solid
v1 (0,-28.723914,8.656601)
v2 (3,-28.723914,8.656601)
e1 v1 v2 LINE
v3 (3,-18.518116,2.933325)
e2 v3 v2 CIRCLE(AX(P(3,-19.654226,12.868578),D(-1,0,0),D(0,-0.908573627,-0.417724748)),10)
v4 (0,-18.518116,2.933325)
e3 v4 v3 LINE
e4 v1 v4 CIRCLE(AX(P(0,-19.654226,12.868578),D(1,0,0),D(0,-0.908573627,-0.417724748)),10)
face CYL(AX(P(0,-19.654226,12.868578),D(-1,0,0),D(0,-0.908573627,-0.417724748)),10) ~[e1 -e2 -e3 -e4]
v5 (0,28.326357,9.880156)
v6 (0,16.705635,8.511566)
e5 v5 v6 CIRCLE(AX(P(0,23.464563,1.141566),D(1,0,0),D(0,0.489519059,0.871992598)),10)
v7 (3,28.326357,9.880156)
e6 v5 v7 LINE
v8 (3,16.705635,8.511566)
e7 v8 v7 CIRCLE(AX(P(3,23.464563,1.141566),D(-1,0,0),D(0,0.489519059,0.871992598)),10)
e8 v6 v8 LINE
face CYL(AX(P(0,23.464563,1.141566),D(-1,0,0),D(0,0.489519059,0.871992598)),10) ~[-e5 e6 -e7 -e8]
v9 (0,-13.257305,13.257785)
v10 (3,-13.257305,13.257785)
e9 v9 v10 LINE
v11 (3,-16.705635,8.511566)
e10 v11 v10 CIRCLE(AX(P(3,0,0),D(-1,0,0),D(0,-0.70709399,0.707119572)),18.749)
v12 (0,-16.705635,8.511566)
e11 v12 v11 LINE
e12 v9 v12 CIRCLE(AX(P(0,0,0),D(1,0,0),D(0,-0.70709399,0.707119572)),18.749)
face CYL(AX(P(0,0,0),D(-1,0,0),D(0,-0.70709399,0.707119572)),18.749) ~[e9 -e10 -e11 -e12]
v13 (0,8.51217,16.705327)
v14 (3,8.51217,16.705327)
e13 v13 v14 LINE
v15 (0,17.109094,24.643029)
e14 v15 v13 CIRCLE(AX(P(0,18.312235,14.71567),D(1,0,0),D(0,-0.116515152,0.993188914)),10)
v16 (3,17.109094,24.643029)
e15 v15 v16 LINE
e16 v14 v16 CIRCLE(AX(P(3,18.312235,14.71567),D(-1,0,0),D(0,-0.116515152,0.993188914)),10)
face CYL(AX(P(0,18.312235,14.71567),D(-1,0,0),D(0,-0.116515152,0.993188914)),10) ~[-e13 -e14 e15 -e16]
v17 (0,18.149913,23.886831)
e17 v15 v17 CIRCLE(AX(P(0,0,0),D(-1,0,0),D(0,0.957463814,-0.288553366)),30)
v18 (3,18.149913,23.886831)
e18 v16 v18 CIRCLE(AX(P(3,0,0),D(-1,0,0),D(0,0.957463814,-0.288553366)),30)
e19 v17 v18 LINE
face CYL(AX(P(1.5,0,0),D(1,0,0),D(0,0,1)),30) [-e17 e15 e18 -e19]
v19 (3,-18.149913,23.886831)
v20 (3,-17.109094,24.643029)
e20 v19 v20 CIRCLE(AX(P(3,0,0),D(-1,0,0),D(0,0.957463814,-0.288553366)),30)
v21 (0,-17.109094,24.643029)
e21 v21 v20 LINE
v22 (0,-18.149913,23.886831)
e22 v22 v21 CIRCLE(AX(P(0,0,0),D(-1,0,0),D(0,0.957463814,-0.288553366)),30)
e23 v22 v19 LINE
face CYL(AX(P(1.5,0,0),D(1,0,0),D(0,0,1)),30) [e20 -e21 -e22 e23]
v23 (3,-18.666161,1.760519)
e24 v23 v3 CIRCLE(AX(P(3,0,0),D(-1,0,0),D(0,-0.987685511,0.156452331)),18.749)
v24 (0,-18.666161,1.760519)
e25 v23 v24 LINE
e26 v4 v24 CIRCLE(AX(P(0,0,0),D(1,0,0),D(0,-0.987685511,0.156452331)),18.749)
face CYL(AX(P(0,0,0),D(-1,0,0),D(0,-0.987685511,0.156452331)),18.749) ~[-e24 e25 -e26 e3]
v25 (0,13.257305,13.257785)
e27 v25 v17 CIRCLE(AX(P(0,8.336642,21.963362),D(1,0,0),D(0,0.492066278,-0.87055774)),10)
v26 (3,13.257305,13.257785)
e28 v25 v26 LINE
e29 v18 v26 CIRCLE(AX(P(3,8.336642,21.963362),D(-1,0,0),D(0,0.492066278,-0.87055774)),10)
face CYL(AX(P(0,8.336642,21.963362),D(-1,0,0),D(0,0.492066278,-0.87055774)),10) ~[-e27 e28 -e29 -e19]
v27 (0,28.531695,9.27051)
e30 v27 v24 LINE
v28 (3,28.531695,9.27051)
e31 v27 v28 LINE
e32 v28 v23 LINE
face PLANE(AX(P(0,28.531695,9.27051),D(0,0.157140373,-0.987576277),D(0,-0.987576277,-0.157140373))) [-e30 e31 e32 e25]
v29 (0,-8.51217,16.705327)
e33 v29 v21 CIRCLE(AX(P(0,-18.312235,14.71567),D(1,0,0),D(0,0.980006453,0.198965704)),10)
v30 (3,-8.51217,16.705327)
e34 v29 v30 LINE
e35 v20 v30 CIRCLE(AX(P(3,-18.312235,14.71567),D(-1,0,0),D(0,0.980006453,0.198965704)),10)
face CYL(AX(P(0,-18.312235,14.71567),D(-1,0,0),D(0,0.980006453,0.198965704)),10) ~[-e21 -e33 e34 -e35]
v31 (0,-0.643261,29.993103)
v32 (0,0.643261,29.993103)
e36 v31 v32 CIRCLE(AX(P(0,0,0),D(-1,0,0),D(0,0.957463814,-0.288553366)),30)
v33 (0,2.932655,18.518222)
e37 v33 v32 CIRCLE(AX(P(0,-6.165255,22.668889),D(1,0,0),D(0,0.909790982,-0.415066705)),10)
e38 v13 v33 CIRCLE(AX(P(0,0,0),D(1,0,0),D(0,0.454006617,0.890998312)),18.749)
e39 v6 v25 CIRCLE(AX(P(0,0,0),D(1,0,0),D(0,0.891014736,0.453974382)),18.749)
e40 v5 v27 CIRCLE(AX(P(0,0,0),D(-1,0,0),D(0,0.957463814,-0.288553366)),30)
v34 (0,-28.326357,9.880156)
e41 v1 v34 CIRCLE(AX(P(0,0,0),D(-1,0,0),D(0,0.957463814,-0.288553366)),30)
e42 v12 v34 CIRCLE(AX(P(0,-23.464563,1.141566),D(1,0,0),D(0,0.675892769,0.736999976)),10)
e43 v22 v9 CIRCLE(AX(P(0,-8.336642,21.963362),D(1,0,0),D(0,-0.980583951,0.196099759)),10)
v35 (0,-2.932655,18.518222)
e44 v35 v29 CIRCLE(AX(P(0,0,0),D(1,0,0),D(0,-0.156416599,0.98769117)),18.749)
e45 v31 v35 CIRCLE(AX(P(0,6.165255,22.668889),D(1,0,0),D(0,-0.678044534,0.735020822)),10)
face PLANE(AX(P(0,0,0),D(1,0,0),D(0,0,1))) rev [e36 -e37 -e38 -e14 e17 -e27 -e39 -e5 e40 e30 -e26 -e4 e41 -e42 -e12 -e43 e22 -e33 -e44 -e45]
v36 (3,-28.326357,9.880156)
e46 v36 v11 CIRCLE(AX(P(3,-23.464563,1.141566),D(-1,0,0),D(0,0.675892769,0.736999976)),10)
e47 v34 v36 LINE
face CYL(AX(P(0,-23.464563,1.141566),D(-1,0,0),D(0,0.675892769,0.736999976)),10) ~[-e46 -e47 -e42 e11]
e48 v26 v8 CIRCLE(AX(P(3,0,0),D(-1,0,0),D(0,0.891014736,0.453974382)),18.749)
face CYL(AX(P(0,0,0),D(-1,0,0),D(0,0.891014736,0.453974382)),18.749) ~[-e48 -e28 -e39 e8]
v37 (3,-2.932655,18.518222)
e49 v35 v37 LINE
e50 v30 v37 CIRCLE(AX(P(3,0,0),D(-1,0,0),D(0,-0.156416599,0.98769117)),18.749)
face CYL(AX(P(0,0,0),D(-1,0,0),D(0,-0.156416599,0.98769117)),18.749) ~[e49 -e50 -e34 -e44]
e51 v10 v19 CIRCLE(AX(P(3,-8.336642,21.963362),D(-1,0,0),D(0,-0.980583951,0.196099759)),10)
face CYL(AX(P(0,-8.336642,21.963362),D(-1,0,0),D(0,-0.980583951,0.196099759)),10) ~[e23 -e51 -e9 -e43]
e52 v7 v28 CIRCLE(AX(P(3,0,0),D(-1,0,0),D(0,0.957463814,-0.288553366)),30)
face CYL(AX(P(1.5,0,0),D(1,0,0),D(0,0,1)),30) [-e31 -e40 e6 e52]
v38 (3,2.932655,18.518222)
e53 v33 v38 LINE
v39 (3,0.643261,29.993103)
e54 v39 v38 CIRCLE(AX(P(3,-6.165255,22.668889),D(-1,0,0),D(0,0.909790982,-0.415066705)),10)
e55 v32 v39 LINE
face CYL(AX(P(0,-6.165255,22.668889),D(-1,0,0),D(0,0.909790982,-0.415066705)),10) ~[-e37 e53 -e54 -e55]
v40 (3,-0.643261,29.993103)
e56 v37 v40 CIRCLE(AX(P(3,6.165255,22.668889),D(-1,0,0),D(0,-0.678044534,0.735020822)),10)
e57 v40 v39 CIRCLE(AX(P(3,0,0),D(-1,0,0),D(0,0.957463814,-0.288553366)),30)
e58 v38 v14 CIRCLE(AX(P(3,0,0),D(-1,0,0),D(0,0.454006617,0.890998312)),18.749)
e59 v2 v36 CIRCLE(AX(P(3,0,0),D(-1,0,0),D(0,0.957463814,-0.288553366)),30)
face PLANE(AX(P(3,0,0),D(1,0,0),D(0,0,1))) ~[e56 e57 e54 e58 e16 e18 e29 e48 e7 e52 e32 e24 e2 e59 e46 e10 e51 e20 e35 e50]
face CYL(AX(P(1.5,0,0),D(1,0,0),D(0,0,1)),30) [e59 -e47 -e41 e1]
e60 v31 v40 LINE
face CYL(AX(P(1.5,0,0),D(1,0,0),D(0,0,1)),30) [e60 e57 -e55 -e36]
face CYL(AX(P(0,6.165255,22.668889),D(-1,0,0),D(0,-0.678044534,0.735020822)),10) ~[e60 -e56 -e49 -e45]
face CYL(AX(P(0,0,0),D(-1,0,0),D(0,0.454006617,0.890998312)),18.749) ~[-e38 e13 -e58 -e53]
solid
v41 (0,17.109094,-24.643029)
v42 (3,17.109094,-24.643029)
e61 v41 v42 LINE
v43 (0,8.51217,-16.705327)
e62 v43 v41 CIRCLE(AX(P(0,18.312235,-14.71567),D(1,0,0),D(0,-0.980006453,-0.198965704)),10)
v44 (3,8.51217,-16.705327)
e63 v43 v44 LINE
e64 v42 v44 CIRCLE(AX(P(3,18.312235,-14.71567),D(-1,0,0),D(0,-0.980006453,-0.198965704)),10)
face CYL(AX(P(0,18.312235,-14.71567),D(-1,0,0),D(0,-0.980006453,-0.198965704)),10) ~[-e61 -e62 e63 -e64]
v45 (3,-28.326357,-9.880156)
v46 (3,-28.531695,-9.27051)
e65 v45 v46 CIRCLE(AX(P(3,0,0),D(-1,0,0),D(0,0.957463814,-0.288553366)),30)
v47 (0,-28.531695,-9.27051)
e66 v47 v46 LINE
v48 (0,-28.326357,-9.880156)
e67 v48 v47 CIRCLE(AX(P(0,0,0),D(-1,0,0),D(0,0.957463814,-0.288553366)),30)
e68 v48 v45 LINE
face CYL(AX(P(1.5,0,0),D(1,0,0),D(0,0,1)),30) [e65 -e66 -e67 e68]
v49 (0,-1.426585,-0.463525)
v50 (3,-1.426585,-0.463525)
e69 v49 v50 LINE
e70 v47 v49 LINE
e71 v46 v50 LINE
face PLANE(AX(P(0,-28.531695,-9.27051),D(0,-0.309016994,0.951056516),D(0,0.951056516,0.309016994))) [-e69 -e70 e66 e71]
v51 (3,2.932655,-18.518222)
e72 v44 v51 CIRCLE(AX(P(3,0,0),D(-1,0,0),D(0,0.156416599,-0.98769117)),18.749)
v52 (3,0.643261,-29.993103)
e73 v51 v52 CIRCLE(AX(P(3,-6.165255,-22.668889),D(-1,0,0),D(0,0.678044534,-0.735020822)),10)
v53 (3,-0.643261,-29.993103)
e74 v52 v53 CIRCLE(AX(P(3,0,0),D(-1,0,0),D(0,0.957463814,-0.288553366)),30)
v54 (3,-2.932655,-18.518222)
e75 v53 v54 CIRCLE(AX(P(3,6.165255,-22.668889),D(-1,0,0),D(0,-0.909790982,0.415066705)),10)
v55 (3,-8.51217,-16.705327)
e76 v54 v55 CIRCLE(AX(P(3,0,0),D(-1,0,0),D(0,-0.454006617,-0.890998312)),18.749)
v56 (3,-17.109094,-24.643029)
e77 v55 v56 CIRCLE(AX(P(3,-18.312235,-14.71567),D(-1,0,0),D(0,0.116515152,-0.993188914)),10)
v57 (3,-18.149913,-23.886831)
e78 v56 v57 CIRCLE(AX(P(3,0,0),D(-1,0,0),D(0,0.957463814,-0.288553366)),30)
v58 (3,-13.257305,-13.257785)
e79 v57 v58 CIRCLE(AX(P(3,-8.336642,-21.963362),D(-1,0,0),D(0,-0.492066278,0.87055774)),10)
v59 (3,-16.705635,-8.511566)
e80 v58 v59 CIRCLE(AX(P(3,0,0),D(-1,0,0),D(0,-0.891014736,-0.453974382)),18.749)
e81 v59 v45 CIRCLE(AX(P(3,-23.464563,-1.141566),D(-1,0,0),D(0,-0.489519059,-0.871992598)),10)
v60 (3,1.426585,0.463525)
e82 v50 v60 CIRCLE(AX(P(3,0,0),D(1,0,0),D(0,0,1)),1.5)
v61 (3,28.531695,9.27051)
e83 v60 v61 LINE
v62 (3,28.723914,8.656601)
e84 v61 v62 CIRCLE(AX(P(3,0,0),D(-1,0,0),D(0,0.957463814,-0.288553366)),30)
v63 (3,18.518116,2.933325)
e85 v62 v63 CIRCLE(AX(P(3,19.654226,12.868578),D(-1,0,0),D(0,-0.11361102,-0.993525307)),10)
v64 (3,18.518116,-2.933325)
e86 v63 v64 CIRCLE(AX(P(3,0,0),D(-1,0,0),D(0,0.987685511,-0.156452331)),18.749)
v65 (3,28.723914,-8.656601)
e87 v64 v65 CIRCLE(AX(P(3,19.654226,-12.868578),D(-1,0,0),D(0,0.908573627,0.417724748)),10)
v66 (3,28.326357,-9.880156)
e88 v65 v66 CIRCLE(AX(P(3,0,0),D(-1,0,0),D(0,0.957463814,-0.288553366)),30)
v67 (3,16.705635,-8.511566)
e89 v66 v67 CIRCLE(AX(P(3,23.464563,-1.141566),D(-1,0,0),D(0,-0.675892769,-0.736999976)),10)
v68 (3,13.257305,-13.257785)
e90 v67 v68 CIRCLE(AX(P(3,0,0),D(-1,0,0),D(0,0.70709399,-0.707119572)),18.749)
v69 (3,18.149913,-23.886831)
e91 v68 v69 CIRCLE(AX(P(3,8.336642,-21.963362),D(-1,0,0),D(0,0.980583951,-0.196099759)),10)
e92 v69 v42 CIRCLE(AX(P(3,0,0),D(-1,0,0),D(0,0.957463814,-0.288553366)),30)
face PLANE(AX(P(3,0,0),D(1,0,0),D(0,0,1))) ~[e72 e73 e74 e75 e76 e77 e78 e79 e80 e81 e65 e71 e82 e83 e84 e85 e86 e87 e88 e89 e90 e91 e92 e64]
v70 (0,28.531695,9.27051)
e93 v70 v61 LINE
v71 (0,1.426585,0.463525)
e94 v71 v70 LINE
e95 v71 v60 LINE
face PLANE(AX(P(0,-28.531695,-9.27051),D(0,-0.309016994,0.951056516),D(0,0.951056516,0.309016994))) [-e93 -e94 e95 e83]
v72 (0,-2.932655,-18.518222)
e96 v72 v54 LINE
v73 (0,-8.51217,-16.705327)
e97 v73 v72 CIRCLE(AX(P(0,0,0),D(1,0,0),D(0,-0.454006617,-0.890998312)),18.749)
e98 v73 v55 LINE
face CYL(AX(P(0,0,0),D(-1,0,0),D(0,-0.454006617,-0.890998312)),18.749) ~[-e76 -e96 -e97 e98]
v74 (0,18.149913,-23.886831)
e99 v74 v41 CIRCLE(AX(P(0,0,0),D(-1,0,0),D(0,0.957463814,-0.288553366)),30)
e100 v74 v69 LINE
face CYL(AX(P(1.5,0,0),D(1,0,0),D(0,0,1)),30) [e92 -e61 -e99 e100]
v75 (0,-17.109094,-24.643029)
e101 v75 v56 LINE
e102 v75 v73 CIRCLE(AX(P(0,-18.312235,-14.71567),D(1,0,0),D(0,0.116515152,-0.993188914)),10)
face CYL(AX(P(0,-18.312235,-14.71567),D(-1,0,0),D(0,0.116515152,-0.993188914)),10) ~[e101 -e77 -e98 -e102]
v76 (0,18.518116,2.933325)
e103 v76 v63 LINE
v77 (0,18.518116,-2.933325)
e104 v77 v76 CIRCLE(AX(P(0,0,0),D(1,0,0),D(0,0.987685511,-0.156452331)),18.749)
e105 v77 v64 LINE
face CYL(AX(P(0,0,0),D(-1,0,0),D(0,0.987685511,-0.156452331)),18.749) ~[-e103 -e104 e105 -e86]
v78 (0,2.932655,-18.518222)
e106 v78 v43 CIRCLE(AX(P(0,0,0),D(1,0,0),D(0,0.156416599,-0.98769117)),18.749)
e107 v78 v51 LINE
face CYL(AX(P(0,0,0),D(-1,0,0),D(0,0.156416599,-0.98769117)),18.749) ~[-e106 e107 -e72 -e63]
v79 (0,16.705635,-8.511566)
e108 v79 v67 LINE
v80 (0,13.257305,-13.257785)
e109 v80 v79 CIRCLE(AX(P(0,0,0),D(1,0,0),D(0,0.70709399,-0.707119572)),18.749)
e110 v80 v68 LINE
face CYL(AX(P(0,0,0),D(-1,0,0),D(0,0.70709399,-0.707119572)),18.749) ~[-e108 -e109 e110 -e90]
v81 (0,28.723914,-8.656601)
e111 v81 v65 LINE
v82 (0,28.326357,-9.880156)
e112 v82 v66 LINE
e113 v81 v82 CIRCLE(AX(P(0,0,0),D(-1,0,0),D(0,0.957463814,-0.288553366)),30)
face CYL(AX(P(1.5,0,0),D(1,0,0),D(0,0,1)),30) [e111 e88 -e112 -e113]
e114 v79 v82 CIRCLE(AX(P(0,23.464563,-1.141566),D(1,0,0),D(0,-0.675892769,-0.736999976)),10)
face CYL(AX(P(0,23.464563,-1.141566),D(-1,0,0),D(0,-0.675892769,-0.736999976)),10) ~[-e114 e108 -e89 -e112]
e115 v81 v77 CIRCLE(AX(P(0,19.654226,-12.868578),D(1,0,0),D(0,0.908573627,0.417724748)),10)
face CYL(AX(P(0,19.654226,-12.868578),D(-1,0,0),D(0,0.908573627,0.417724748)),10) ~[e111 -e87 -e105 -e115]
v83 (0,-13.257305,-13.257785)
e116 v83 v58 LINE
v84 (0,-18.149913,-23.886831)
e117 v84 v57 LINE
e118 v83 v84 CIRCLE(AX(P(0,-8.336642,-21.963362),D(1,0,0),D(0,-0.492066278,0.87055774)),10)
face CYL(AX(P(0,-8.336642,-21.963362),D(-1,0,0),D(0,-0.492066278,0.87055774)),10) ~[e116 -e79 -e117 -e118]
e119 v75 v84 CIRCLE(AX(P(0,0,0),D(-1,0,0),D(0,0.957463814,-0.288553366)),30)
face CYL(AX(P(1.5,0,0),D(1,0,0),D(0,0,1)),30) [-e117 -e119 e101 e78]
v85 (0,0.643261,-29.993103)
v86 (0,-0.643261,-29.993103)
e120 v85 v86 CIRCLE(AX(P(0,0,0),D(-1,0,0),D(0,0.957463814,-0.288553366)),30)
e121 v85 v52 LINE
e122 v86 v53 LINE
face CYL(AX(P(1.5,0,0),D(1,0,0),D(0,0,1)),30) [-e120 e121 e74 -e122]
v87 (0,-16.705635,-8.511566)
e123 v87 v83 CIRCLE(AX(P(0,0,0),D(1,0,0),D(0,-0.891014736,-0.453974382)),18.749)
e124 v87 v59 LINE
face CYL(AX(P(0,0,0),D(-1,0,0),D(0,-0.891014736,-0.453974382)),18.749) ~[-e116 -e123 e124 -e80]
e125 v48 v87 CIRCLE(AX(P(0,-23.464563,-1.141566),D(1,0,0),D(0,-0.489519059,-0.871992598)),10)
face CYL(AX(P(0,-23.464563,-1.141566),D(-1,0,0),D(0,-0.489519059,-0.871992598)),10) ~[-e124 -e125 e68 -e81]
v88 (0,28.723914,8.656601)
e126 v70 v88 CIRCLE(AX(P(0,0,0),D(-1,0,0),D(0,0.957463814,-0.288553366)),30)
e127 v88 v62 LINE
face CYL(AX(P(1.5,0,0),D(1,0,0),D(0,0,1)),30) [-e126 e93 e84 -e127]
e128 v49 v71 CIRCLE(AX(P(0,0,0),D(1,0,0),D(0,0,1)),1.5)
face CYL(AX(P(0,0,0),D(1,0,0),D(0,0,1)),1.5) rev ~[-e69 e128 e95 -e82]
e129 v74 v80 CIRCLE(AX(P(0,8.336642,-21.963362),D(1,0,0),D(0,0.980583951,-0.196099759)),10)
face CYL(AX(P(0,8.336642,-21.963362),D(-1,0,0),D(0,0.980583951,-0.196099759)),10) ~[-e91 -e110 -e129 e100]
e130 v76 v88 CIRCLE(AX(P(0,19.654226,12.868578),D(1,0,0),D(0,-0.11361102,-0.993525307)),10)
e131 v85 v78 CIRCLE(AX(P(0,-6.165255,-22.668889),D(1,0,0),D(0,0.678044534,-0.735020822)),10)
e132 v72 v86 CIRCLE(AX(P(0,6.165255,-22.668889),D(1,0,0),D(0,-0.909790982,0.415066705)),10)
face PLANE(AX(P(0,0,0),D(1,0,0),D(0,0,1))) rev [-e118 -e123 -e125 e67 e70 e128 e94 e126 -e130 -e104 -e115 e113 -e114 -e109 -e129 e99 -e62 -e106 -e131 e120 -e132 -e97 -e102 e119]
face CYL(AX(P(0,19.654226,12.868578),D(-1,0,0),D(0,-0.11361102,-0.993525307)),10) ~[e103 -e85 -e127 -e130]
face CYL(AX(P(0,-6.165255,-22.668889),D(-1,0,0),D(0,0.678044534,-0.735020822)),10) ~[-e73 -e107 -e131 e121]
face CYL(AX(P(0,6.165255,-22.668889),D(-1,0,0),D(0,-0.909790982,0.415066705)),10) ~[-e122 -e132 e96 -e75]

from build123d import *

# Parameters (mm, degrees)
BASPROSKE_W        = 3
BASPROSKE_H        = 30
TOOTHCUT_DEPTH     = 43.532340636
TEETHCUTS_COUNT    = 10
TEETHCUTS_ANGLE    = 324
BORSKE_R           = 1.5
BORE_DEPTH         = 50.0000508
CUT_EXTRUDE1_DEPTH = 10


with BuildPart() as part:
    # BasProSke → Base-Revolve (revolve)
    with BuildSketch(Plane(origin=(0, 0, 0), x_dir=(1, 0, 0), z_dir=(0, 1, 0)), mode=Mode.PRIVATE) as base_revolve_sk:
        with Locations((1.5, 15)):
            Rectangle(BASPROSKE_W, BASPROSKE_H)
    revolve(base_revolve_sk.sketch.rotate(Axis((-10, 0, 0), (1, 0, 0)), 180), axis=Axis((-10, 0, 0), (1, 0, 0)))

    # TooCutSke → ToothCut (cut, through all)
    with BuildSketch(Plane(origin=(0, 0, 0), x_dir=(0, 0, -1), z_dir=(1, 0, 0))):
        with BuildLine():
            ThreePointArc((2.93332476, 18.51811564), (0, 18.749), (-2.93332476, 18.51811564))
            ThreePointArc((-2.93332476, 18.51811564), (-4.155816835, 24.562157762), (-8.691330358, 28.739962104))
            ThreePointArc((-8.691330358, 28.739962104), (0, 30.0254), (8.691330358, 28.739962104))
            ThreePointArc((8.691330358, 28.739962104), (4.155816835, 24.562157762), (2.93332476, 18.51811564))
        make_face()
    toothcut = extrude(amount=TOOTHCUT_DEPTH, mode=Mode.SUBTRACT)

    # TeethCuts: ToothCut ×10 about axis
    teethcuts_axis = Axis((-10, 0, 0), (1, 0, 0))
    for i in range(1, TEETHCUTS_COUNT):
        add(toothcut.rotate(teethcuts_axis, i * TEETHCUTS_ANGLE / (TEETHCUTS_COUNT - 1)), mode=Mode.SUBTRACT)

    # BorSke → Bore (cut, symmetric)
    with BuildSketch(Plane(origin=(0, 0, 0), x_dir=(0, 0, -1), z_dir=(1, 0, 0))):
        with Locations(Location((0, 0, 0), (0, 0, 180))):
            Circle(BORSKE_R)
    extrude(amount=BORE_DEPTH, both=True, mode=Mode.SUBTRACT)

    # Sketch1 → Cut-Extrude1 (cut)
    with BuildSketch(Plane.ZY):
        Polygon((-9.270509831, -28.531695489), (9.270509831, 28.531695489), (-1.174030149, -37.108850883), align=None)
    extrude(amount=-CUT_EXTRUDE1_DEPTH, mode=Mode.SUBTRACT)


with BuildPart() as cut_extrude1_piece_1:
    # of the separate pieces the step leaves, piece 1, a body of its own (cut_extrude1_pieces)
    add(part.part.solids().sort_by_distance((0, 28.723914418, -8.656600978))[0])


with BuildPart() as cut_extrude1_piece_2:
    # of the separate pieces the step leaves, piece 2, a body of its own (cut_extrude1_pieces)
    add(part.part.solids().sort_by_distance((0, 28.326357299, 9.880155978))[0])


solid = Compound([cut_extrude1_piece_1.part, cut_extrude1_piece_2.part])
